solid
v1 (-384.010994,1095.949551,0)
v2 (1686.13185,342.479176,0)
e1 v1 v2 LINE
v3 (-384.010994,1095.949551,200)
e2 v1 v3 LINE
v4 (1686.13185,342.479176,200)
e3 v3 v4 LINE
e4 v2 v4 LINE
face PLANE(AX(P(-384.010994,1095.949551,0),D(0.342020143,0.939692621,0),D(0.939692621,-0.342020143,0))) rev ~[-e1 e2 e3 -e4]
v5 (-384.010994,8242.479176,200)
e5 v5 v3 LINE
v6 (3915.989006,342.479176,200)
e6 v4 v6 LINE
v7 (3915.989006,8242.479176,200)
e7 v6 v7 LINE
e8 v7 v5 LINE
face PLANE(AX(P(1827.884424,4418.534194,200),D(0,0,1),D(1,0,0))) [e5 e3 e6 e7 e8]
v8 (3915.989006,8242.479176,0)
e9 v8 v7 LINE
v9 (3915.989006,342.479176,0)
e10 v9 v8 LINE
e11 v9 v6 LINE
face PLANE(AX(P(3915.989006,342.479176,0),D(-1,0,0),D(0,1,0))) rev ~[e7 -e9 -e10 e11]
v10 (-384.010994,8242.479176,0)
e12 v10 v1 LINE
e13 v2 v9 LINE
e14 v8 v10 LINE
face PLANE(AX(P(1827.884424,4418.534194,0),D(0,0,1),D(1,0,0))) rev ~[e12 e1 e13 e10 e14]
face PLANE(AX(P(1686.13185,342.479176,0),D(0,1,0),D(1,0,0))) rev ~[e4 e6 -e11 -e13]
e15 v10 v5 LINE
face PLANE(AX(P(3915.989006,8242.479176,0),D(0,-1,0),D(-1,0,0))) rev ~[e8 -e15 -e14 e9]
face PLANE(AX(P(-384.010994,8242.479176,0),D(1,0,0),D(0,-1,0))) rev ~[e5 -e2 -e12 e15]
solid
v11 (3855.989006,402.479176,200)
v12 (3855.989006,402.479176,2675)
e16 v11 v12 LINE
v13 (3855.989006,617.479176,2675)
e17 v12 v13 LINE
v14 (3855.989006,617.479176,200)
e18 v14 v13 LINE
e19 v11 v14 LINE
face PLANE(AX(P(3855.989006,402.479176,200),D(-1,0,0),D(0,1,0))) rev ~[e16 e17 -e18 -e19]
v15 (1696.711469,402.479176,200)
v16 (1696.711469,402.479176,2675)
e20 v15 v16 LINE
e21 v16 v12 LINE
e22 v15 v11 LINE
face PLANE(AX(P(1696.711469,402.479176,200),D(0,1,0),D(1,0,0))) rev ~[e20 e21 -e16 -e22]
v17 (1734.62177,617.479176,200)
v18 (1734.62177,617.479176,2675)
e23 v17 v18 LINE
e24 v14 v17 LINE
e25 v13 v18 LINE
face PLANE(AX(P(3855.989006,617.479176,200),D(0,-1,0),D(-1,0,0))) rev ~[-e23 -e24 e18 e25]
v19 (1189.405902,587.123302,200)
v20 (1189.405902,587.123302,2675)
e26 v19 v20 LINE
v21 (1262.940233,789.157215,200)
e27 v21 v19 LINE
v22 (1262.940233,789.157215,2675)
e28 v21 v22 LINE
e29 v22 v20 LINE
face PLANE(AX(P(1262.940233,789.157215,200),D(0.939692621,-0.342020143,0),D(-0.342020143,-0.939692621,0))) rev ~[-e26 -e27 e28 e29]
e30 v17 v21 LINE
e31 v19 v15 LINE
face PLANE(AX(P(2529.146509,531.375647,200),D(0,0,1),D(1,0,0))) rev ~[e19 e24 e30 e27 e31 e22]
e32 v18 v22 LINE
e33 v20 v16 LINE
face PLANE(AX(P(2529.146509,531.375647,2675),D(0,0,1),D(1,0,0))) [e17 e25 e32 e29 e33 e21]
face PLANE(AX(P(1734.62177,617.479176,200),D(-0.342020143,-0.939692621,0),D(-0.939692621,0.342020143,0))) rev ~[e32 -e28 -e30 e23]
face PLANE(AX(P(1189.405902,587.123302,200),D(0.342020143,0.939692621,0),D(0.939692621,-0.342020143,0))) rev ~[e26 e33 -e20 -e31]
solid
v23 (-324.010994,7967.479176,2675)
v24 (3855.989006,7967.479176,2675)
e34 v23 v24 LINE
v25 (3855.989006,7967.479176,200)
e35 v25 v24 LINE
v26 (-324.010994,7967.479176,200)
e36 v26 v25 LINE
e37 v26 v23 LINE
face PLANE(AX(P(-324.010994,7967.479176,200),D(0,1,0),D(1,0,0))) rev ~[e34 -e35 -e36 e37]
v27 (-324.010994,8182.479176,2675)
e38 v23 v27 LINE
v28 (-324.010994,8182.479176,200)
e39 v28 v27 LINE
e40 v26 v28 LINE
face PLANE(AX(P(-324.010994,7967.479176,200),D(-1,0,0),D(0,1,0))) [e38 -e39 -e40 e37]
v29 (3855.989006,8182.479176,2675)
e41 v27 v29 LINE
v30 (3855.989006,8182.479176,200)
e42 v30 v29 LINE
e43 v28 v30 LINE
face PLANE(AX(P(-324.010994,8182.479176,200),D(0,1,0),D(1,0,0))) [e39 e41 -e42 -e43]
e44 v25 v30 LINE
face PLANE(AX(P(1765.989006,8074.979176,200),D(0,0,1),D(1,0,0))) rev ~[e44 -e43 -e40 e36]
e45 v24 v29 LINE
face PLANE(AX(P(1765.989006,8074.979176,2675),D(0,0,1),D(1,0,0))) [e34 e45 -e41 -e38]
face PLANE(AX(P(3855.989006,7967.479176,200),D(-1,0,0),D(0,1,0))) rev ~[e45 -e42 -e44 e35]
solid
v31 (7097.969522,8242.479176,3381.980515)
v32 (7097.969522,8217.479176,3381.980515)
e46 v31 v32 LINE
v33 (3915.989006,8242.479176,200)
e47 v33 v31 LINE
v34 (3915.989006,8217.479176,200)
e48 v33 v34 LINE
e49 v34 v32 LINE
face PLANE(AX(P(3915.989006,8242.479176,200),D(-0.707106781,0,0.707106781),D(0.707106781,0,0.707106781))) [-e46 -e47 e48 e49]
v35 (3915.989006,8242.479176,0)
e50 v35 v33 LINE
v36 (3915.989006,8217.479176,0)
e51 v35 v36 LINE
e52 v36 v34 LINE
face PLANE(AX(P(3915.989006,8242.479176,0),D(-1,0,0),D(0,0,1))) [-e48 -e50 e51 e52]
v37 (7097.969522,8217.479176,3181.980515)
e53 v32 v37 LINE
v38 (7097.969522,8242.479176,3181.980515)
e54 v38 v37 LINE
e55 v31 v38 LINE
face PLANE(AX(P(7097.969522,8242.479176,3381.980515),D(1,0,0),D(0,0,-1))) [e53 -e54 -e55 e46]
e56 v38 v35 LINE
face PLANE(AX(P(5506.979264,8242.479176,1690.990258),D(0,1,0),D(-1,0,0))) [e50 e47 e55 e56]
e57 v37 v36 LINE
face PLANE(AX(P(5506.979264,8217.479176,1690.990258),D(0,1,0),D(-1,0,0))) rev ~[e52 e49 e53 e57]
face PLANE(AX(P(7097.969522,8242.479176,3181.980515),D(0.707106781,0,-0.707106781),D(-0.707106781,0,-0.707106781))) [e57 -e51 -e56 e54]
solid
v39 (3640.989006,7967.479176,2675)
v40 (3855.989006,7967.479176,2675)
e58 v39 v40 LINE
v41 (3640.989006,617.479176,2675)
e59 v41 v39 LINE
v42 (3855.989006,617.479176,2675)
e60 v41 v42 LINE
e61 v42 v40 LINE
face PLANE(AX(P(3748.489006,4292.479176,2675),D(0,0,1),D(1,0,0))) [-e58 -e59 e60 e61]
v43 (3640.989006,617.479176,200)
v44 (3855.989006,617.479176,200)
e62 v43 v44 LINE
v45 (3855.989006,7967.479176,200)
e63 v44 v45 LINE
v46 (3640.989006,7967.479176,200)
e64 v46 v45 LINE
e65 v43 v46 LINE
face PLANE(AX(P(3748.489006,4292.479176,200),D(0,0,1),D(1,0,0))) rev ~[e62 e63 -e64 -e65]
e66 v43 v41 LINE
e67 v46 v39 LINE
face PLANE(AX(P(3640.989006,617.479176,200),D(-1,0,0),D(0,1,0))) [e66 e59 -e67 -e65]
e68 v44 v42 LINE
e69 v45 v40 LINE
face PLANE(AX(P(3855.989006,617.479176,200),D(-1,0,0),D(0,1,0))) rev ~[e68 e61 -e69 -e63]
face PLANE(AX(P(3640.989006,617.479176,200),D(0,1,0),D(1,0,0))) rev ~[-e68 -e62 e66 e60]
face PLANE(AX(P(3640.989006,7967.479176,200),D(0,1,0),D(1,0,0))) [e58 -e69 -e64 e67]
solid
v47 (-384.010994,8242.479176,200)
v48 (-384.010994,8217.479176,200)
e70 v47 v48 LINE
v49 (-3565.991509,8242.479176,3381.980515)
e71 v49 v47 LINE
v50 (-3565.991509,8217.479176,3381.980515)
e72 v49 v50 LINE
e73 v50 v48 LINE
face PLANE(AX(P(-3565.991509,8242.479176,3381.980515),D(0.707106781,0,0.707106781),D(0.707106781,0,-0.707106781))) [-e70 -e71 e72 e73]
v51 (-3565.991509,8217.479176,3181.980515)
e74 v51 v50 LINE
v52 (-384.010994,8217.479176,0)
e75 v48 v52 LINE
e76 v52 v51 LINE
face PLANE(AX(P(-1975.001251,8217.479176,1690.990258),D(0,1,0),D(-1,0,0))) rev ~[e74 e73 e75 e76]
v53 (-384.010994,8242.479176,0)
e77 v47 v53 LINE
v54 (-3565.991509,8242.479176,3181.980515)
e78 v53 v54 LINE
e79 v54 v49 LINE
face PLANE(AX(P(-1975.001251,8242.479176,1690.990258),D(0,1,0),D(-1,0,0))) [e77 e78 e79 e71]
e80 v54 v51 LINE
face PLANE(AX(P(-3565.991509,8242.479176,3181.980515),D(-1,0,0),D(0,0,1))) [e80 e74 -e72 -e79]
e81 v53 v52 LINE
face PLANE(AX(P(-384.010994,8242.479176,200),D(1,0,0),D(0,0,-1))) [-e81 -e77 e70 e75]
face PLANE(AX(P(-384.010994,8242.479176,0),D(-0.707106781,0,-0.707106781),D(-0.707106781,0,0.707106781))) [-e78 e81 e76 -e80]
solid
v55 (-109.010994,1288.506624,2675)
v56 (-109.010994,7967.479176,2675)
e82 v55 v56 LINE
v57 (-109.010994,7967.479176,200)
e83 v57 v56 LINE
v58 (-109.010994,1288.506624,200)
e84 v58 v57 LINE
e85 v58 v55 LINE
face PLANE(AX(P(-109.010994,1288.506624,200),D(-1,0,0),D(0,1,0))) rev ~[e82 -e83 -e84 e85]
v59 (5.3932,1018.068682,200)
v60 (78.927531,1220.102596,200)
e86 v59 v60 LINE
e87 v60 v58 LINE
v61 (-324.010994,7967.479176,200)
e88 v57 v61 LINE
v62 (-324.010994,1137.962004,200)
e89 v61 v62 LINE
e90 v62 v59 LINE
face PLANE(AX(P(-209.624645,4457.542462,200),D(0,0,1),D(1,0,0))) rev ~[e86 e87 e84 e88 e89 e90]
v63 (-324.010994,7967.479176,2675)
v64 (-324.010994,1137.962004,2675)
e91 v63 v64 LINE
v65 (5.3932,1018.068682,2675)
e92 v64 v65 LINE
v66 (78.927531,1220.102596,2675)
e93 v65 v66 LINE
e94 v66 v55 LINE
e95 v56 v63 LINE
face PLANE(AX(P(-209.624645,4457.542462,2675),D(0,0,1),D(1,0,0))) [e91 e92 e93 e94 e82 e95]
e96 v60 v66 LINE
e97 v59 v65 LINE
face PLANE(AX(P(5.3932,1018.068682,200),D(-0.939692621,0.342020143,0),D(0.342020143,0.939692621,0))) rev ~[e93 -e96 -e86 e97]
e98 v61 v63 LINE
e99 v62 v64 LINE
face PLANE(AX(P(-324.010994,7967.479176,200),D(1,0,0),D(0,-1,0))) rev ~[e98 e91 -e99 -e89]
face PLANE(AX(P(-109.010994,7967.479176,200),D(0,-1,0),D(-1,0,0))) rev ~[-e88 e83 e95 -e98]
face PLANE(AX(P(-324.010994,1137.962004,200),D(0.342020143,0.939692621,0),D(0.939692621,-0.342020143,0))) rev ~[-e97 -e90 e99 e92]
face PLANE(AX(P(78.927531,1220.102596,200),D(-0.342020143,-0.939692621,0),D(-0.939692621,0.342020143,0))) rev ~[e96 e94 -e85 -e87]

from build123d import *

# Parameters (mm, degrees)
F1_DEPTH  = 200
F2_W      = 215
F2_H      = 7350
F3_DEPTH  = 2475
F5_DEPTH  = 2475
F6_W      = 4180
F6_H      = 215
F7_DEPTH  = 2475
F9_DEPTH  = 25
F10_DEPTH = 25
F12_DEPTH = 2475


with BuildPart() as f1:
    # F0 (on Top) → F1 (new body)
    with BuildSketch(Plane.XY):
        Polygon((-384.0109936075, 1095.9495513227), (1686.1318499839, 342.4791755763), (3915.9890063925, 342.4791755763), (3915.9890063925, 8242.4791755763), (-384.0109936075, 8242.4791755763), align=None)
    extrude(amount=F1_DEPTH)


with BuildPart() as f3:
    # F2 (on face) → F3 (new body)
    with BuildSketch(Plane.XY.offset(200)):
        with Locations((3748.4890063925, 4292.4791755763)):
            Rectangle(F2_W, F2_H)
    extrude(amount=F3_DEPTH)


with BuildPart() as f5:
    # F4 (on face) → F5 (new body)
    with BuildSketch(Plane.XY.offset(200)):
        Polygon((-109.0109936075, 7967.4791755763), (-324.0109936075, 7967.4791755763), (-324.0109936075, 1137.9620036153), (5.3931997347, 1018.0686821963), (78.9275305497, 1220.1025956653), (-109.0109936075, 1288.5066243304), align=None)
    extrude(amount=F5_DEPTH)


with BuildPart() as f7:
    # F6 (on face) → F7 (new body)
    with BuildSketch(Plane.XY.offset(200)):
        with Locations((1765.9890063925, 8074.9791755763)):
            Rectangle(F6_W, F6_H)
    extrude(amount=F7_DEPTH)


with BuildPart() as f9:
    # F8 (on face) → F9 (new body)
    with BuildSketch(Plane(origin=(0, 8242.4791755763, 0), x_dir=(-1, 0, 0), z_dir=(0, 1, 0))):
        Polygon((-7097.969521732, 3181.9805153395), (-3915.9890063925, 0), (-3915.9890063925, 200), (-7097.969521732, 3381.9805153395), align=None)
    extrude(amount=-F9_DEPTH)


with BuildPart() as f10:
    # F8 (on face) → F10 (new body)
    with BuildSketch(Plane(origin=(0, 8242.4791755763, 0), x_dir=(-1, 0, 0), z_dir=(0, 1, 0))):
        Polygon((384.0109936075, 200), (384.0109936075, 0), (3565.991508947, 3181.9805153395), (3565.991508947, 3381.9805153395), align=None)
    extrude(amount=-F10_DEPTH)


with BuildPart() as f12:
    # F11 (on face) → F12 (new body)
    with BuildSketch(Plane.XY.offset(200)):
        Polygon((3855.9890063925, 402.4791755763), (3855.9890063925, 617.4791755763), (1734.6217696787, 617.4791755763), (1262.9402327399, 789.1572150749), (1189.4059019249, 587.123301606), (1696.7114688264, 402.4791755763), align=None)
    extrude(amount=F12_DEPTH)


solid = Compound([f1.part, f3.part, f5.part, f7.part, f9.part, f10.part, f12.part])
